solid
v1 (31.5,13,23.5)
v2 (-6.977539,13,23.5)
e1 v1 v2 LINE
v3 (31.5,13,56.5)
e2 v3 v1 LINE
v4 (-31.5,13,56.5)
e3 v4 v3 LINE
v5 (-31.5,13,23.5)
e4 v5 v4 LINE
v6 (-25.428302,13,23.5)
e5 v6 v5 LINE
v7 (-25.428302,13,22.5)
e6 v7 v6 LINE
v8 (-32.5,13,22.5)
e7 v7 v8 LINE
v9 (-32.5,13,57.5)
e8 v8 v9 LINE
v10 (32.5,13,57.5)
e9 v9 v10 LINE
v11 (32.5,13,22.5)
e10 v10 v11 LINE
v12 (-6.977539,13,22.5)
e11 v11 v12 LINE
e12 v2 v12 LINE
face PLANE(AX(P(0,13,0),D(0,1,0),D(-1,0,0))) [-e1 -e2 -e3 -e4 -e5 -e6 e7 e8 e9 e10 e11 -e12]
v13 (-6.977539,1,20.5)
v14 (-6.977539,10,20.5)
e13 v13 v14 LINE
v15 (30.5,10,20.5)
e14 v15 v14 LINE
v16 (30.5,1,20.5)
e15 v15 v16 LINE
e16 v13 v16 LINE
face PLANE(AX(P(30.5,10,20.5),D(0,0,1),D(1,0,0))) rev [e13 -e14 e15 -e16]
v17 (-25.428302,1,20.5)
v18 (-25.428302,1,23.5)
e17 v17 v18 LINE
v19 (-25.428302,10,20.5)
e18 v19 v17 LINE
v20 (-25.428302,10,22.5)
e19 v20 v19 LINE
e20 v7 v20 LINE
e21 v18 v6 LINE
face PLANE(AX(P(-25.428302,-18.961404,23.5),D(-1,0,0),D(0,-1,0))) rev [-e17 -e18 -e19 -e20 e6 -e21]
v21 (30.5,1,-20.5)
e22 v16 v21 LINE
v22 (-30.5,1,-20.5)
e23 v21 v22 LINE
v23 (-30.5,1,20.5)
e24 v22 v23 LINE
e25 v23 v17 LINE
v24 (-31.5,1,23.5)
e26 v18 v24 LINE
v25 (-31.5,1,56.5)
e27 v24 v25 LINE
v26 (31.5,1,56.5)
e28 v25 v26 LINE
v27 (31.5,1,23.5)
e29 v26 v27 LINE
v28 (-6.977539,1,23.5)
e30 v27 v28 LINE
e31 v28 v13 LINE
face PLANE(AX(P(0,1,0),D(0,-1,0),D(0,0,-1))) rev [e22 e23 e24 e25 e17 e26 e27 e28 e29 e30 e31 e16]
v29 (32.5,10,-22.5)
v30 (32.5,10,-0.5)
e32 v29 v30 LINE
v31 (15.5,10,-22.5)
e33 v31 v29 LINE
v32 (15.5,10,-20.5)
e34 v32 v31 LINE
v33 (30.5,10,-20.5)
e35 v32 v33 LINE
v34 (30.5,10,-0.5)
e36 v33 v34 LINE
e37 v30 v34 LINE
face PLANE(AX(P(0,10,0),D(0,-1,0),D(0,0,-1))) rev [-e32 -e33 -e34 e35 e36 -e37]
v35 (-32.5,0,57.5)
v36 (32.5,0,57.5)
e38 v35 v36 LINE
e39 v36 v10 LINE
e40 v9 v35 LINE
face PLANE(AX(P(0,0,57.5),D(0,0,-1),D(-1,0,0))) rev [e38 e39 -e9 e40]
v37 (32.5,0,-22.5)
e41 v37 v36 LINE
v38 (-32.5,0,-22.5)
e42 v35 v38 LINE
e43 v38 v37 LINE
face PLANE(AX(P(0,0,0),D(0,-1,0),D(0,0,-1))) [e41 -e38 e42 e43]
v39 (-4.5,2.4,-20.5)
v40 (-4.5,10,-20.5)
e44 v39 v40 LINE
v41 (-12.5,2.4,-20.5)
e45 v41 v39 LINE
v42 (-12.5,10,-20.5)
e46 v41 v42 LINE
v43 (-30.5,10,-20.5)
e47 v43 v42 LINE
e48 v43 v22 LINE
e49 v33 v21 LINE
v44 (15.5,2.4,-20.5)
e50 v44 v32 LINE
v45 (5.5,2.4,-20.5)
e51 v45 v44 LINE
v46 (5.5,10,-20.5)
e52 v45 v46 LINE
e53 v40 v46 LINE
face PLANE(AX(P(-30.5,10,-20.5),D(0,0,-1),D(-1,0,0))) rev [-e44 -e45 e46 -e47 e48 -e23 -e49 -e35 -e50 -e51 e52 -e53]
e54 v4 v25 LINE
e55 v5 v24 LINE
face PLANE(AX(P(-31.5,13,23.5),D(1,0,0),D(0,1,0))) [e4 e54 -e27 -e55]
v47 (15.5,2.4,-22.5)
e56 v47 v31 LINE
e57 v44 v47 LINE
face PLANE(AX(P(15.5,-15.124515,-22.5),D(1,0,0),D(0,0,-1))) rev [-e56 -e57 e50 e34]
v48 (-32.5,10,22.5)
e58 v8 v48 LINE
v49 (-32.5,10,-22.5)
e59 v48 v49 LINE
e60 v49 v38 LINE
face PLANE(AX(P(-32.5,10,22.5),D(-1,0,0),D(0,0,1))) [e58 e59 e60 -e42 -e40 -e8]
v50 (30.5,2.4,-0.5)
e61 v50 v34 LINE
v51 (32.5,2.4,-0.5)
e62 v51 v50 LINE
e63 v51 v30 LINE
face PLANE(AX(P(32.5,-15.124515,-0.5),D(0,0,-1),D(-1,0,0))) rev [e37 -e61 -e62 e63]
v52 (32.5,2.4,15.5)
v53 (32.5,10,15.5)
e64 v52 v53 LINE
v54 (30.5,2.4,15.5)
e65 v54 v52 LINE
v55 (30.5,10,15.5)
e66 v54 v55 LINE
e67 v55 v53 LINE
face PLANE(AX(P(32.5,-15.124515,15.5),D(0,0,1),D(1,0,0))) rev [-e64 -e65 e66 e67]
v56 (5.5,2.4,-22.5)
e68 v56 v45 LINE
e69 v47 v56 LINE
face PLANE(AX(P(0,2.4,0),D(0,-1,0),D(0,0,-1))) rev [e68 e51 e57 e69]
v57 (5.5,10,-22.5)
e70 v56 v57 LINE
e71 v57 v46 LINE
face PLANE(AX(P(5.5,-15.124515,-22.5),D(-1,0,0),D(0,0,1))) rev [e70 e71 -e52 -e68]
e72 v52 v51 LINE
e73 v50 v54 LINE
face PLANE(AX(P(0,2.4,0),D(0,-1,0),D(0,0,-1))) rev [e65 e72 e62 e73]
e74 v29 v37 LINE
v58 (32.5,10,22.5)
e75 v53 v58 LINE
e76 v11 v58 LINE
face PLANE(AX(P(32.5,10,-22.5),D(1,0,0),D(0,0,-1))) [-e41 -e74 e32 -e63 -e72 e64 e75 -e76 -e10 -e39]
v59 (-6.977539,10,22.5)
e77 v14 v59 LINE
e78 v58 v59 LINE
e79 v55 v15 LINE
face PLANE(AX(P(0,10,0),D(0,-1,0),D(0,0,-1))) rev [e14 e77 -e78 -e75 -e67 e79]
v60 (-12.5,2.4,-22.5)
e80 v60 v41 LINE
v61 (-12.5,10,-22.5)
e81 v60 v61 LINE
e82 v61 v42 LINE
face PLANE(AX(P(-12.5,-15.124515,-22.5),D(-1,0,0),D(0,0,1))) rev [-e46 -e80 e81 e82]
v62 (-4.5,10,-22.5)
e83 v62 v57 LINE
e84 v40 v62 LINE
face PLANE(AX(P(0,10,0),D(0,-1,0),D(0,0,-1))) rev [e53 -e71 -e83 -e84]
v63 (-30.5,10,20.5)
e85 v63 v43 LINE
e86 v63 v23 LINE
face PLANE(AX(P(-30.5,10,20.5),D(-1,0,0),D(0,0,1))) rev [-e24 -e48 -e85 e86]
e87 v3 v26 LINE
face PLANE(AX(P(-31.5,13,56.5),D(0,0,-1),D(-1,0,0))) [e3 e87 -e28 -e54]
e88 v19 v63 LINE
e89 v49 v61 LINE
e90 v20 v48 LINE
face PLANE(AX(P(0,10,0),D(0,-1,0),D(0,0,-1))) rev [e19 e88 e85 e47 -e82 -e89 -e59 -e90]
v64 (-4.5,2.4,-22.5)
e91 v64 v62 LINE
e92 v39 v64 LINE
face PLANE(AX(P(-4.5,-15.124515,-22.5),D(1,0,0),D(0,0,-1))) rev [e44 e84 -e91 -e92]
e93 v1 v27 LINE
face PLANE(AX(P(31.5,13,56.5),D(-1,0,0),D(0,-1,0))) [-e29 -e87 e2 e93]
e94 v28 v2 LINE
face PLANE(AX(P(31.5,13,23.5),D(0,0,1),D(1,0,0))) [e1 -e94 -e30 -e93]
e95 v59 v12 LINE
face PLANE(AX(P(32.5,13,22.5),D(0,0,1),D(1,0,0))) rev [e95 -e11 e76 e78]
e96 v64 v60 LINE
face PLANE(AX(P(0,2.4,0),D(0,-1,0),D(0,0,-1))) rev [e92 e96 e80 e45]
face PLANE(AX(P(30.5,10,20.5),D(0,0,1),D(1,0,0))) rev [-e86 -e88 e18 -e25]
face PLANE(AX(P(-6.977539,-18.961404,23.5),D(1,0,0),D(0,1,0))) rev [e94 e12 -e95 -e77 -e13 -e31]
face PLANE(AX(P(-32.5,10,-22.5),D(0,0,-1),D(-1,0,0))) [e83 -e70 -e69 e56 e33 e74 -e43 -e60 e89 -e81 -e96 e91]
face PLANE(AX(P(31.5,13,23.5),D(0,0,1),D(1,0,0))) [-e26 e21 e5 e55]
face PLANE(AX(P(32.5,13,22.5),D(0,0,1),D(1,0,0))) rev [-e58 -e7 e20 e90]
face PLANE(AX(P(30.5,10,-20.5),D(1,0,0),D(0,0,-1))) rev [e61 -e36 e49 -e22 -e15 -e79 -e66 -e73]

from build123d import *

# Parameters (mm, degrees)
SKETCH1_W           = 61
SKETCH1_H           = 41
BOSS_EXTRUDE1_DEPTH = 1
SKETCH2_W           = 65
SKETCH2_H           = 45
SKETCH2_W_2         = 61
SKETCH2_H_2         = 41
BOSS_EXTRUDE2_DEPTH = 10
SKETCH3_W           = 8
SKETCH3_H           = 2
SKETCH3_W_2         = 10
SKETCH3_W_3         = 2
SKETCH3_H_2         = 16
CUT_EXTRUDE1_DEPTH  = 7.6
SKETCH4_W           = 65
SKETCH4_H           = 1
BOSS_EXTRUDE3_DEPTH = 35
SKETCH5_W           = 65
SKETCH5_H           = 35
SKETCH5_W_2         = 63
SKETCH5_H_2         = 33
BOSS_EXTRUDE4_DEPTH = 12
CUT_EXTRUDE2_REACH  = 69.316
SKETCH6_W           = 18.450763423
SKETCH6_H           = 7.617543819


with BuildPart() as part:
    # Sketch1 → Boss-Extrude1 (new body)
    with BuildSketch(Plane(origin=(0, 0, 0), x_dir=(1, 0, 0), z_dir=(0, 1, 0))):
        Rectangle(SKETCH1_W, SKETCH1_H)
    extrude(amount=BOSS_EXTRUDE1_DEPTH)

    # Sketch2 → Boss-Extrude2 (add)
    with BuildSketch(Plane.XZ):
        Rectangle(SKETCH2_W, SKETCH2_H)
        Rectangle(SKETCH2_W_2, SKETCH2_H_2, mode=Mode.SUBTRACT)
    extrude(amount=-BOSS_EXTRUDE2_DEPTH)

    # Sketch3 → Cut-Extrude1 (cut)
    with BuildSketch(Plane(origin=(0, 10, 0), x_dir=(1, 0, 0), z_dir=(0, 1, 0))):
        with Locations((-8.5, 21.5)):
            Rectangle(SKETCH3_W, SKETCH3_H)
        with Locations((10.5, 21.5)):
            Rectangle(SKETCH3_W_2, SKETCH3_H)
        with Locations((31.5, -7.5)):
            Rectangle(SKETCH3_W_3, SKETCH3_H_2)
    extrude(amount=-CUT_EXTRUDE1_DEPTH, mode=Mode.SUBTRACT)

    # Sketch4 → Boss-Extrude3 (add)
    with BuildSketch(Plane.XY.offset(22.5)):
        with Locations((0, 0.5)):
            Rectangle(SKETCH4_W, SKETCH4_H)
    extrude(amount=BOSS_EXTRUDE3_DEPTH)

    # Sketch5 → Boss-Extrude4 (add)
    with BuildSketch(Plane(origin=(0, 1, 0), x_dir=(1, 0, 0), z_dir=(0, 1, 0))):
        with Locations((0, -40)):
            Rectangle(SKETCH5_W, SKETCH5_H)
        with Locations((0, -40)):
            Rectangle(SKETCH5_W_2, SKETCH5_H_2, mode=Mode.SUBTRACT)
    extrude(amount=BOSS_EXTRUDE4_DEPTH)

    # Cut-Extrude2: up to this face of the body (flat: up to its plane)
    cut_extrude2_end = Plane(part.part.faces().sort_by_distance((0, 1, 40))[0])
    # Sketch6 → Cut-Extrude2 (cut, up to the picked face)
    with BuildSketch(Plane(origin=(0, 13, 0), x_dir=(1, 0, 0), z_dir=(0, 1, 0)), mode=Mode.PRIVATE) as cut_extrude2_sk1:
        with Locations((-16.202920441, -19.691228091)):
            Rectangle(SKETCH6_W, SKETCH6_H)
    cut_extrude2_tool1 = split(extrude(cut_extrude2_sk1.sketch, amount=-CUT_EXTRUDE2_REACH, mode=Mode.PRIVATE), bisect_by=cut_extrude2_end, keep=Keep.BOTH, mode=Mode.PRIVATE)
    add(cut_extrude2_tool1.solids().sort_by(Axis((-16.20292, 13, 19.691228), (0, -1, 0)))[0], mode=Mode.SUBTRACT)


solid = part.part
